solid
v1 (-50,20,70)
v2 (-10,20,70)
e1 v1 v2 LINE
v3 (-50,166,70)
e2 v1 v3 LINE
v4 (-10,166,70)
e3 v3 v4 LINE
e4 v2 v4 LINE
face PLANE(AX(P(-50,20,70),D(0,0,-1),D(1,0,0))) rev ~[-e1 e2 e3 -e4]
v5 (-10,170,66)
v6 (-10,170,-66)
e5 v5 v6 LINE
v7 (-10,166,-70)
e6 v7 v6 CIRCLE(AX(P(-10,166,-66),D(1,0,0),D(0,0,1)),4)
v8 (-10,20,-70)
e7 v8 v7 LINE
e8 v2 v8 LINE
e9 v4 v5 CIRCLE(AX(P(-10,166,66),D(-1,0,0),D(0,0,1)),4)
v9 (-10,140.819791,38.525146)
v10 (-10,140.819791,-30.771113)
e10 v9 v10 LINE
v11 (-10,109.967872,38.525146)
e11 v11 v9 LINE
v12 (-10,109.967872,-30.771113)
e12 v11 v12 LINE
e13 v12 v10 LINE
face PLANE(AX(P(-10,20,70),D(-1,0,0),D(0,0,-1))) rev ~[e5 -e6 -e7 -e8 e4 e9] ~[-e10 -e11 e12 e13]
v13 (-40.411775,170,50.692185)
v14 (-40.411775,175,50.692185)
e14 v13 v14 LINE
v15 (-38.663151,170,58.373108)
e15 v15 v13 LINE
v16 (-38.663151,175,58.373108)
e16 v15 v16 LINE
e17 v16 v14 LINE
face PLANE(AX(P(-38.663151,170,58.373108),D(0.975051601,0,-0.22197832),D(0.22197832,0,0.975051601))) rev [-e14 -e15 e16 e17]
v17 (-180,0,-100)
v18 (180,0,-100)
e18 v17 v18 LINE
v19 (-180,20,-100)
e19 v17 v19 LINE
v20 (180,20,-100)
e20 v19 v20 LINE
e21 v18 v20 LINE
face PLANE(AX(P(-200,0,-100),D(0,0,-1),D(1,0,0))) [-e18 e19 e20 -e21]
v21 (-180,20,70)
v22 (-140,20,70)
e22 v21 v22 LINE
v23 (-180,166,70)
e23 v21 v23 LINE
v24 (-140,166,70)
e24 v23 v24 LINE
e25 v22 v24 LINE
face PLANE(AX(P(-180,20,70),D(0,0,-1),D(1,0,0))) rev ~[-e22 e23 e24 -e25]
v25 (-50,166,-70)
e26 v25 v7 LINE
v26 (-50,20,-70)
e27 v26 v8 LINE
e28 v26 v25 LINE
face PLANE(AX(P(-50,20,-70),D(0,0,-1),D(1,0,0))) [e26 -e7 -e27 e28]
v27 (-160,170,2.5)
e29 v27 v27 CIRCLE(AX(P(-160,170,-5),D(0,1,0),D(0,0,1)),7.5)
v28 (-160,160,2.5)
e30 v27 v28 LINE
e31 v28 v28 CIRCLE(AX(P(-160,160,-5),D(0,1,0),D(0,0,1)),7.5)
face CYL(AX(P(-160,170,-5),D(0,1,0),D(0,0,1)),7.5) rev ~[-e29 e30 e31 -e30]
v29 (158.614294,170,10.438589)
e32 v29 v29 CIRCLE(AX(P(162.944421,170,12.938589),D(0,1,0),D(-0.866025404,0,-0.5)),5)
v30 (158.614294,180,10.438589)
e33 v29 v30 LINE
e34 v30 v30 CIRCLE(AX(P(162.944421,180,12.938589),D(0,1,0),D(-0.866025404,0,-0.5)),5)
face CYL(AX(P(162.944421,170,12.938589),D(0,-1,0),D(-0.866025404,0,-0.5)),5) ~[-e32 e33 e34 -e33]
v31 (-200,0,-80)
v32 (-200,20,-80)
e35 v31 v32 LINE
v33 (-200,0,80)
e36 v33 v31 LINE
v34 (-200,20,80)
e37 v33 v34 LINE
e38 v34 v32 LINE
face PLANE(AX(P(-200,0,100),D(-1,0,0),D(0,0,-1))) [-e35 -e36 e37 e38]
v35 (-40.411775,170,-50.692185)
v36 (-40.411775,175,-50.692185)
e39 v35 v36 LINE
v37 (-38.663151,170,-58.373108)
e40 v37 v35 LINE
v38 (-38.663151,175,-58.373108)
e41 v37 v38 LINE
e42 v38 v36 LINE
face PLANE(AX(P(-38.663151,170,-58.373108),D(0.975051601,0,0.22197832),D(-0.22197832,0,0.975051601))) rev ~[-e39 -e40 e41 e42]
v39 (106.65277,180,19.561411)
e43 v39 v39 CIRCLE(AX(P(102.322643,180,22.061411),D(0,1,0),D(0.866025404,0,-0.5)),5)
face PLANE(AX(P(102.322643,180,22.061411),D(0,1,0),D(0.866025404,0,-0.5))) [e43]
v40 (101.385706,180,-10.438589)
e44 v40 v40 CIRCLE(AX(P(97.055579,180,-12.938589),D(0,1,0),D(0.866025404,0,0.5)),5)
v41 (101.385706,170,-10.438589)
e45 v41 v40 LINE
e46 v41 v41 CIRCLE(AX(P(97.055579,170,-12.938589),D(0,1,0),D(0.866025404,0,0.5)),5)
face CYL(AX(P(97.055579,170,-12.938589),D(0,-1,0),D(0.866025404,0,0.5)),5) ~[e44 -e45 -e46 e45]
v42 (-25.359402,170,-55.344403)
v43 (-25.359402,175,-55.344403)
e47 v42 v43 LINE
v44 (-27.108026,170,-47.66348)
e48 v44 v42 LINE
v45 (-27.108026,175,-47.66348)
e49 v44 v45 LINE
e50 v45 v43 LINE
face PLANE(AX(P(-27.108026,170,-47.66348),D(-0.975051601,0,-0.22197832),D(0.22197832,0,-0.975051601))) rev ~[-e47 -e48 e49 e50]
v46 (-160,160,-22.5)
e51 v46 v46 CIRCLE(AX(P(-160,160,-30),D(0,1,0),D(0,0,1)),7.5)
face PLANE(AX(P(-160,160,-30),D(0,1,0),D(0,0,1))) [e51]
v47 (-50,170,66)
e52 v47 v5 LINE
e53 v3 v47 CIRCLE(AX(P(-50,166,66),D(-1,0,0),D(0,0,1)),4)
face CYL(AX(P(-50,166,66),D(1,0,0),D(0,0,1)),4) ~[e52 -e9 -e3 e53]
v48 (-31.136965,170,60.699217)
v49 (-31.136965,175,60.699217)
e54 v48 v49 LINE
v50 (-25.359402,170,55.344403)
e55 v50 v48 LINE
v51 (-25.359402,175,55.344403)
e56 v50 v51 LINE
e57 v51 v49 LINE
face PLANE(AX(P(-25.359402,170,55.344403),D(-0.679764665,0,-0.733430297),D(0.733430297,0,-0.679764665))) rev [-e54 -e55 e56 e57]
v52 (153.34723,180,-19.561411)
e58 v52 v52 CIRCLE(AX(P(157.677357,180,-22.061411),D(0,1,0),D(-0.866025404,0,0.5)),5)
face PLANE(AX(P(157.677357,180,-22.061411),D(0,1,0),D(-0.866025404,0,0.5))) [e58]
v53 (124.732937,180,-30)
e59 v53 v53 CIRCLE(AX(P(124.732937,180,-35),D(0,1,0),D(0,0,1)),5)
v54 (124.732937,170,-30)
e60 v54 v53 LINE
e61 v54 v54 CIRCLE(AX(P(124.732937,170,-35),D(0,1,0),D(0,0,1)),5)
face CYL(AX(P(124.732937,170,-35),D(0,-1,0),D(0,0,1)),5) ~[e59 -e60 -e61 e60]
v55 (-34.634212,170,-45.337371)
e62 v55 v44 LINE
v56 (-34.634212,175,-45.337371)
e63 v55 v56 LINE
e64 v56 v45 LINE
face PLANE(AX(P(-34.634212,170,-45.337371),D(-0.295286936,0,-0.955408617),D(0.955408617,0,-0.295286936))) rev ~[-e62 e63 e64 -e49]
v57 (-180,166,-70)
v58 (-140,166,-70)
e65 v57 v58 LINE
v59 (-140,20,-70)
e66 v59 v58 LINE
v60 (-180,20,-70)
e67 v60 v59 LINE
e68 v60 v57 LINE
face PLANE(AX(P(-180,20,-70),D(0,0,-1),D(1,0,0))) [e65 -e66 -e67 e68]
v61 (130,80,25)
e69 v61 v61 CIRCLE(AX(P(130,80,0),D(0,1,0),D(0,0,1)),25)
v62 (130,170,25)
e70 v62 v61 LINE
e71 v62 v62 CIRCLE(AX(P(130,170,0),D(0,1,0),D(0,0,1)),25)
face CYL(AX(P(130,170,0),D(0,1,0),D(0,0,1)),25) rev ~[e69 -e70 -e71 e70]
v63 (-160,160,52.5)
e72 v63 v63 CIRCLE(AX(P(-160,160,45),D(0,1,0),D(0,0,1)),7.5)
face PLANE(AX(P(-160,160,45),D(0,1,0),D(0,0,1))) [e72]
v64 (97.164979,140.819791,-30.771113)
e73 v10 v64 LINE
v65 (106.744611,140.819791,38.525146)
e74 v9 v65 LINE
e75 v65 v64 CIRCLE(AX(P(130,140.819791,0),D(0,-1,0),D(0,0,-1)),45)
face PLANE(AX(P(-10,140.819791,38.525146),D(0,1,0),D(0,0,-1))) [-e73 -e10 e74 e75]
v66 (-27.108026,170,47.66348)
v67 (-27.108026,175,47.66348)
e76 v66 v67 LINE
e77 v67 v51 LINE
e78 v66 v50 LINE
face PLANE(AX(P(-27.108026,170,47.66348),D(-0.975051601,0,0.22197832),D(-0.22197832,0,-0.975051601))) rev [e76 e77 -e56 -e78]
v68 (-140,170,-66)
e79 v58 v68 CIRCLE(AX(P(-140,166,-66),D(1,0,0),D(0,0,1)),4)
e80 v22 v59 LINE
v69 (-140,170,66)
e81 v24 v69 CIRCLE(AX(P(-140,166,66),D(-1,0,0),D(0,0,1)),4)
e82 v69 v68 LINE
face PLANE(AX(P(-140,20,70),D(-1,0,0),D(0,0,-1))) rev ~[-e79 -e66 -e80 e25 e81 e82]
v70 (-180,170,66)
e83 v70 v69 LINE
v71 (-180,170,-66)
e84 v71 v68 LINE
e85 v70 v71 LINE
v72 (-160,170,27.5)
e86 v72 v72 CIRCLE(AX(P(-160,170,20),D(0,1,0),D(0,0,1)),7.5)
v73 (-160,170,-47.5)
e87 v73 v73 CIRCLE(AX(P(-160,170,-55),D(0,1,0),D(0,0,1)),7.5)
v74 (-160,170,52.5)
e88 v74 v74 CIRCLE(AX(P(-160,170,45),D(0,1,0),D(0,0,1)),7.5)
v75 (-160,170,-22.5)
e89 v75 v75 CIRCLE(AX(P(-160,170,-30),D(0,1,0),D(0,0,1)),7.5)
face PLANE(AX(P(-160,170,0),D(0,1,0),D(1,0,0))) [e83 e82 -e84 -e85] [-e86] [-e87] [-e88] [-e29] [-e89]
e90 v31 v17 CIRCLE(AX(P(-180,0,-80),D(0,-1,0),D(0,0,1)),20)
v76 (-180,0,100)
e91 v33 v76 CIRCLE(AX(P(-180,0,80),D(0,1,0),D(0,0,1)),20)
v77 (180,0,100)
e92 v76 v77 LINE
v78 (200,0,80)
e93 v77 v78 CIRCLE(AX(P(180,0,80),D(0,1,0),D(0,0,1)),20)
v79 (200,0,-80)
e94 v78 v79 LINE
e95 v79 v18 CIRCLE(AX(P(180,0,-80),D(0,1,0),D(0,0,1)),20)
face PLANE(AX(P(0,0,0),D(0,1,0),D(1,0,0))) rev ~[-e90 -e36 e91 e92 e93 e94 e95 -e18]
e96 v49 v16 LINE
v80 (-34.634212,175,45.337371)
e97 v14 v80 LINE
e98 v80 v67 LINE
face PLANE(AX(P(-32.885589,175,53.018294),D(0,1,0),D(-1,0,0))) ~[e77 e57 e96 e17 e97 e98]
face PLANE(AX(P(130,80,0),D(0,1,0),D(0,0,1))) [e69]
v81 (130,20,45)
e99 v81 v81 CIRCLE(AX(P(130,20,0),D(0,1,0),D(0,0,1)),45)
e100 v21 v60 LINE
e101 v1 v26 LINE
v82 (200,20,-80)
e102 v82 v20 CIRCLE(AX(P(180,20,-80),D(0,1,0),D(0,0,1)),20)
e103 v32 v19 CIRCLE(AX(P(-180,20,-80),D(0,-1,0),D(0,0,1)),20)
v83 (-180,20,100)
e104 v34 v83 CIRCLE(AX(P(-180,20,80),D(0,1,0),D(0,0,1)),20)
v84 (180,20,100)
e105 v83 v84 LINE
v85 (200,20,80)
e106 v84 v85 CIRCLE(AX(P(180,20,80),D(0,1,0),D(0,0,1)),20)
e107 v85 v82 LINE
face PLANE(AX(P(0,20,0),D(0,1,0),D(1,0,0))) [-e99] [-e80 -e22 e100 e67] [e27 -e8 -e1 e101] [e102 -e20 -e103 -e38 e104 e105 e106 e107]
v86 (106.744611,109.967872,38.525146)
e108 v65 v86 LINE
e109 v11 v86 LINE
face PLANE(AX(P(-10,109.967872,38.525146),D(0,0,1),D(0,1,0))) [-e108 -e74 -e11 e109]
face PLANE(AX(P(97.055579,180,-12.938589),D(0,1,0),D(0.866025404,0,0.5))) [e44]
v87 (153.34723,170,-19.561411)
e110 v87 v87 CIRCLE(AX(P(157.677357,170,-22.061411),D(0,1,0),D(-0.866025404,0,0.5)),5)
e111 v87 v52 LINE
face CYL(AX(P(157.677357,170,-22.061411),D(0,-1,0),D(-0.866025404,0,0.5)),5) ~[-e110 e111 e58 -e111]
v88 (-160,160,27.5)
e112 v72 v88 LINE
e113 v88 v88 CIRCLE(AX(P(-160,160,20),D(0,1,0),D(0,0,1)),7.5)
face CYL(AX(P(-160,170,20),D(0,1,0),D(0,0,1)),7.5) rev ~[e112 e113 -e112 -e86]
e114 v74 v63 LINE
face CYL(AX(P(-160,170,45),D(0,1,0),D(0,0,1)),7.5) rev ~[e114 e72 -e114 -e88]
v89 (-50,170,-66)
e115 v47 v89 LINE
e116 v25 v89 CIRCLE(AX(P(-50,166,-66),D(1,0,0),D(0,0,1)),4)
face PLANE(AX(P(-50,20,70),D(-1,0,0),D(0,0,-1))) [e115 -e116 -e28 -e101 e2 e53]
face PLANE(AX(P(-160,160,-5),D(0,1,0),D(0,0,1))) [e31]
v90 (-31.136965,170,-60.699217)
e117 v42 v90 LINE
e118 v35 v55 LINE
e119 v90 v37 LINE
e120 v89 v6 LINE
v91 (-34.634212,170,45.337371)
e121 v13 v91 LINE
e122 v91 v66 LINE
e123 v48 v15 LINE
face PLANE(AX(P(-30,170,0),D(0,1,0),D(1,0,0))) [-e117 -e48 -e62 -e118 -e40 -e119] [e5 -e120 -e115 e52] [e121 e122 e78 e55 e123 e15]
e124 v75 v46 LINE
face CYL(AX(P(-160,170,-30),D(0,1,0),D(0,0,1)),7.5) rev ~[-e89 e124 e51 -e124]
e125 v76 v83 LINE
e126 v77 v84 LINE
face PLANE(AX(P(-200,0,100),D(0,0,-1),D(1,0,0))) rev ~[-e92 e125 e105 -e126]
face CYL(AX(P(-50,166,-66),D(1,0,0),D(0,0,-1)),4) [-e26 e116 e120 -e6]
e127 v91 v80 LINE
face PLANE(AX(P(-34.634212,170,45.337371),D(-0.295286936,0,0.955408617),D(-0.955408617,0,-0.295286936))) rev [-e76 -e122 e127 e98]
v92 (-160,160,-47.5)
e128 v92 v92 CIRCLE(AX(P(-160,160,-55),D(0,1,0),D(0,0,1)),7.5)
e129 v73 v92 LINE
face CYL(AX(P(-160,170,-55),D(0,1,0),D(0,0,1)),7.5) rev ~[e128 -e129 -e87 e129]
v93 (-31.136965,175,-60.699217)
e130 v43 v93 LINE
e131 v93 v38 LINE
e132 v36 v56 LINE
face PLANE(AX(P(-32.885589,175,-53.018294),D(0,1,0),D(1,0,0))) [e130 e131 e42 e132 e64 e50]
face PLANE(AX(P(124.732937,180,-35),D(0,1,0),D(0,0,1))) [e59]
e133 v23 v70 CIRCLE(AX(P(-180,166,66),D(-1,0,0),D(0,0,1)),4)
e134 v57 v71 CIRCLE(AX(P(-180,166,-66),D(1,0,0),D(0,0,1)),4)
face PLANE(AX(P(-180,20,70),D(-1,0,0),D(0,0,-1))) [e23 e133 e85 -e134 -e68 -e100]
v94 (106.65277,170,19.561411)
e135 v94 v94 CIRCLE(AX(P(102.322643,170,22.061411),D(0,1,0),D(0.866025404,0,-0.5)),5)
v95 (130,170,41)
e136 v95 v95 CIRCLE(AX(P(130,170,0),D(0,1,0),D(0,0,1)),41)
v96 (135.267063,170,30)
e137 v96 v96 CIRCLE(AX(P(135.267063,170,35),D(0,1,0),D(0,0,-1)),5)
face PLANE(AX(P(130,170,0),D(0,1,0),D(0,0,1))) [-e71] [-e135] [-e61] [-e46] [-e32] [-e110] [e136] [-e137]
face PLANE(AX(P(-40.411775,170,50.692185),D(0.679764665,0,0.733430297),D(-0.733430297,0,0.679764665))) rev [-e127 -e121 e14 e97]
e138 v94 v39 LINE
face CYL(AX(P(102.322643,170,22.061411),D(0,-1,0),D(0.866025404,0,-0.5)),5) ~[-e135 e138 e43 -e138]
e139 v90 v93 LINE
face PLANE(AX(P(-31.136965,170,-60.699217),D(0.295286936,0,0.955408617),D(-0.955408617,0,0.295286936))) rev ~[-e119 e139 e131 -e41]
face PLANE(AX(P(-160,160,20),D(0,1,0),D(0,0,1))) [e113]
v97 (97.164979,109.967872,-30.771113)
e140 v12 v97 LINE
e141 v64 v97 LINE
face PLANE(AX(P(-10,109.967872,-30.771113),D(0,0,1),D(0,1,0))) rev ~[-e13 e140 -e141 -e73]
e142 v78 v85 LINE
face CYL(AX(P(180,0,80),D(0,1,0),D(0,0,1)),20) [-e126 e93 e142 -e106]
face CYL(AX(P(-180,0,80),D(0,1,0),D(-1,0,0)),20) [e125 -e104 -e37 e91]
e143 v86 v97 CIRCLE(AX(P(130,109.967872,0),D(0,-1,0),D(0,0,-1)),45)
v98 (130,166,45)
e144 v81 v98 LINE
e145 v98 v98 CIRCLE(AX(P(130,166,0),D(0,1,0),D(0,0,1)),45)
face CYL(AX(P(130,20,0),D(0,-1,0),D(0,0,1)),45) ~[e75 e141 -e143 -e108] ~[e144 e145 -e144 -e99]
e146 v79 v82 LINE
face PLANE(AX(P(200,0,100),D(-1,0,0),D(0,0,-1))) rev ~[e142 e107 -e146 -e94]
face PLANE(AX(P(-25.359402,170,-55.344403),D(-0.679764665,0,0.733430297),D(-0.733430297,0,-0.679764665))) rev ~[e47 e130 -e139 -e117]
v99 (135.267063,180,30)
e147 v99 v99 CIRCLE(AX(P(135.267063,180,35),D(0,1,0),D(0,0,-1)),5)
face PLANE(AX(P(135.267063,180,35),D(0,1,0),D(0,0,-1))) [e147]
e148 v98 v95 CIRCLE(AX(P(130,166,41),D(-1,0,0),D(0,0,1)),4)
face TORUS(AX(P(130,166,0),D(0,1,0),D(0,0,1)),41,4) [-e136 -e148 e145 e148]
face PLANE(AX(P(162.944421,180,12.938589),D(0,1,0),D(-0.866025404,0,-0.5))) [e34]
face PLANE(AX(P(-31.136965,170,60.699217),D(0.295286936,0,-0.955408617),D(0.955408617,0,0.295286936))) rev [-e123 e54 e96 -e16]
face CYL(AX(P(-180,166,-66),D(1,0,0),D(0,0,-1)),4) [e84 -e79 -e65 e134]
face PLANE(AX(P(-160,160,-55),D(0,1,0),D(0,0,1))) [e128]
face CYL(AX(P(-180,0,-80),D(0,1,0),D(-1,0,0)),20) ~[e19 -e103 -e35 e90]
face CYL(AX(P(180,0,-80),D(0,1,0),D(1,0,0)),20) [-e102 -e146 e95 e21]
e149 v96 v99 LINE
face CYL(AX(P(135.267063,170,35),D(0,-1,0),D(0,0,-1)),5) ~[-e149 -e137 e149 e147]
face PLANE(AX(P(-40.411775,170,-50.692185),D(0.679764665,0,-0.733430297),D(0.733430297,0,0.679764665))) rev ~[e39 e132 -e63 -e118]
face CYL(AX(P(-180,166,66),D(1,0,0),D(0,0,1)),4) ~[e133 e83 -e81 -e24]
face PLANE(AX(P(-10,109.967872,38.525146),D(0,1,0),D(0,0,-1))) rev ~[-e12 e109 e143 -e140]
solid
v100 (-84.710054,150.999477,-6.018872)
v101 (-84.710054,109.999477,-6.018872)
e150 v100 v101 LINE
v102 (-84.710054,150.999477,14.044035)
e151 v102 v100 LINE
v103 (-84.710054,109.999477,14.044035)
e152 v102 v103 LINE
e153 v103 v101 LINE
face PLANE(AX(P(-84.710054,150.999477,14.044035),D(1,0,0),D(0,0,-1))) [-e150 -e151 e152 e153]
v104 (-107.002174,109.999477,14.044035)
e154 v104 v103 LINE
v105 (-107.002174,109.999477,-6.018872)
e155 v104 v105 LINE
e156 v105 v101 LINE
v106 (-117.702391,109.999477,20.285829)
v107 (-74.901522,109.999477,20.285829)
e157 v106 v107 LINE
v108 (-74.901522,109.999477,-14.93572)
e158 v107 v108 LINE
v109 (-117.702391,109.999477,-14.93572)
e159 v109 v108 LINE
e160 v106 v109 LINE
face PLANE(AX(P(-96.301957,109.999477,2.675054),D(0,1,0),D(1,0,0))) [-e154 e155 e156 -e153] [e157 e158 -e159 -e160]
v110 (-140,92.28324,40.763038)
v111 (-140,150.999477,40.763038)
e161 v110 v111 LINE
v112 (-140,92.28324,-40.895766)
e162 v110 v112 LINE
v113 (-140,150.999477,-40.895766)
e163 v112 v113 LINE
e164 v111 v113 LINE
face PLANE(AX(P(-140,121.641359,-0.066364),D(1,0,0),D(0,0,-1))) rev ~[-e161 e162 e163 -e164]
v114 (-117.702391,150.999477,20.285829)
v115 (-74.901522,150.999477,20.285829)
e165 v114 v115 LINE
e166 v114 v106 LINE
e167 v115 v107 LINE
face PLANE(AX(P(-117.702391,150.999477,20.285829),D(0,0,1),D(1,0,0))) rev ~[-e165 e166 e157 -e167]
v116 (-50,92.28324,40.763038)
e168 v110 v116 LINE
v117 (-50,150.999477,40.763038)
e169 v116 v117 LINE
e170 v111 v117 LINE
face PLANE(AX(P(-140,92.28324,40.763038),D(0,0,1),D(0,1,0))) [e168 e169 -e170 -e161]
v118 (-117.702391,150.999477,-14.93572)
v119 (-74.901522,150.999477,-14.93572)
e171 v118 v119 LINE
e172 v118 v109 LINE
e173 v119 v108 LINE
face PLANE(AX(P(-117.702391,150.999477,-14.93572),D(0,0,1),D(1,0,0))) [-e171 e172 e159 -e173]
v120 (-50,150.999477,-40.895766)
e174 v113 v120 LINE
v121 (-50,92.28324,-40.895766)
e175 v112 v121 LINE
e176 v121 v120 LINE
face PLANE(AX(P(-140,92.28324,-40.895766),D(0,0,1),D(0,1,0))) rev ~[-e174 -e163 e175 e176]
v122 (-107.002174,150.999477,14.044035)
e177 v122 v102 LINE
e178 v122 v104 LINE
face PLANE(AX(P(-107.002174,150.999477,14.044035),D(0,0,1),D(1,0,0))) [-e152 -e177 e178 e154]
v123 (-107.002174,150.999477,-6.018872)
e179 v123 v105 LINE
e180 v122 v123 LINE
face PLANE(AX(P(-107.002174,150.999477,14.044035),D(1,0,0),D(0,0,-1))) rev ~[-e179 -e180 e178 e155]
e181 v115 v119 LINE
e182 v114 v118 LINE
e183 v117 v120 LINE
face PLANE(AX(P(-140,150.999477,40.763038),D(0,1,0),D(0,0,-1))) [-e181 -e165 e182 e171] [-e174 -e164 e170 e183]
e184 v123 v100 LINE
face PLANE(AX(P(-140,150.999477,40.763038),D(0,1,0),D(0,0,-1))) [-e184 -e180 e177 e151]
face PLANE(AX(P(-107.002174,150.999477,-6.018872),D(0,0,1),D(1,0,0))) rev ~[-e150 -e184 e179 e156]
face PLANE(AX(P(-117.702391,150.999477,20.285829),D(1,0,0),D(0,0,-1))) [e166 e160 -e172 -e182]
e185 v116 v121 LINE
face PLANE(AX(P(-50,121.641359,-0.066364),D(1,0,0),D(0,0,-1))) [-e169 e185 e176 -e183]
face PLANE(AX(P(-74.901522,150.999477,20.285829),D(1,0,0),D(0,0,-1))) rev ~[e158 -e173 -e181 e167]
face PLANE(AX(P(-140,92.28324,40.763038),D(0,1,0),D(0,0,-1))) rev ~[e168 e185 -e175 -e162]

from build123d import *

# Parameters (mm, degrees)
ESBO_O2_W                     = 400
ESBO_O2_H                     = 200
RESSALTO_EXTRUS_O1_DEPTH      = 20
FILETE4_R                     = 20
ESBO_O4_R                     = 45
ESBO_O4_W                     = 40
ESBO_O4_H                     = 140
RESSALTO_EXTRUS_O4_DEPTH      = 150
ESBO_O5_W                     = 81.658803593
ESBO_O5_H                     = 58.716236851
RESSALTO_EXTRUS_O5_DEPTH      = 90
RESSALTO_EXTRUS_O6_REACH      = 290.097
RESSALTO_EXTRUS_O6_END_RADIUS = 45
ESBO_O6_W                     = 69.29625837
ESBO_O6_H                     = 30.851919202
ESBO_O8_R                     = 5
RESSALTO_EXTRUS_O8_DEPTH      = 10
PADR_OCIRCULAR2_COUNT         = 6
FILETE6_R                     = 4
RESSALTO_EXTRUS_O9_DEPTH      = 5
ESBO_O12_R                    = 25
CORTE_EXTRUS_O1_DEPTH         = 90
ESBO_O13_W                    = 42.800869612
ESBO_O13_H                    = 35.221548951
ESBO_O13_W_2                  = 22.29211959
ESBO_O13_H_2                  = 20.06290763
CORTE_EXTRUS_O2_DEPTH         = 41
ESBO_O7_R                     = 7.5
CORTE_EXTRUS_O3_DEPTH         = 10
PADR_O_LINEAR1_COUNT          = 5
PADR_O_LINEAR1_PITCH          = 25


with BuildPart() as part:
    # Esboço2 → Ressalto-extrusão1 (new body)
    with BuildSketch(Plane(origin=(0, 0, 0), x_dir=(1, 0, 0), z_dir=(0, 1, 0))):
        Rectangle(ESBO_O2_W, ESBO_O2_H)
    extrude(amount=RESSALTO_EXTRUS_O1_DEPTH)

    # Filete4
    filete4_edges = [part.edges().sort_by_distance(p)[0] for p in [
        (200, 10, 100),
        (200, 10, -100),
        (-200, 10, -100),
        (-200, 10, 100),
    ]]
    fillet(filete4_edges, radius=FILETE4_R)

    # Esboço4 → Ressalto-extrusão4 (add)
    with BuildSketch(Plane(origin=(0, 20, 0), x_dir=(1, 0, 0), z_dir=(0, 1, 0))):
        with Locations(Location((130, 0, 0), (0, 0, 270))):
            Circle(ESBO_O4_R)
        with Locations((-160, 0)):
            Rectangle(ESBO_O4_W, ESBO_O4_H)
        with Locations((-30, 0)):
            Rectangle(ESBO_O4_W, ESBO_O4_H)
    extrude(amount=RESSALTO_EXTRUS_O4_DEPTH)

    # Ressalto-extrusão6: up to this cylinder (the profile starts outside it)
    ressalto_extrus_o6_end = Plane(origin=(130, 125.393831, 0), z_dir=(0, -1, 0)) * Cylinder(RESSALTO_EXTRUS_O6_END_RADIUS, 671.194, mode=Mode.PRIVATE)
    # Esboço6 → Ressalto-extrusão6 (add, up to the surface)
    with BuildSketch(Plane(origin=(-10, 0, 0), x_dir=(0, 0, -1), z_dir=(1, 0, 0)), mode=Mode.PRIVATE) as ressalto_extrus_o6_sk1:
        with Locations((-3.877016652, 125.393831311)):
            Rectangle(ESBO_O6_W, ESBO_O6_H)
    ressalto_extrus_o6_tool1 = extrude(ressalto_extrus_o6_sk1.sketch, amount=RESSALTO_EXTRUS_O6_REACH, mode=Mode.PRIVATE) - ressalto_extrus_o6_end
    add(ressalto_extrus_o6_tool1.solids().sort_by_distance((-10, 125.393831, 3.877017))[0])

    # Esboço8 → Ressalto-extrusão8 (add)
    with BuildSketch(Plane(origin=(0, 170, 0), x_dir=(1, 0, 0), z_dir=(0, 1, 0))):
        with Locations(Location((124.732936709, 35, 0), (0, 0, 270))):
            Circle(ESBO_O8_R)
    ressalto_extrus_o8 = extrude(amount=RESSALTO_EXTRUS_O8_DEPTH)

    # PadrãoCircular2: Ressalto-extrusão8 ×6 about axis
    padr_ocircular2_axis = Axis((130, 0, 0), (0, 1, 0))
    for i in range(1, PADR_OCIRCULAR2_COUNT):
        add(ressalto_extrus_o8.rotate(padr_ocircular2_axis, i * 360 / PADR_OCIRCULAR2_COUNT))

    # Filete6
    filete6_edges = [part.edges().sort_by_distance(p)[0] for p in [
        (-160, 170, 70),
        (-160, 170, -70),
        (-30, 170, 70),
        (-30, 170, -70),
        (130, 170, -45),
    ]]
    fillet(filete6_edges, radius=FILETE6_R)

    # Esboço9 → Ressalto-extrusão9 (add)
    with BuildSketch(Plane(origin=(0, 170, 0), x_dir=(1, 0, 0), z_dir=(0, 1, 0))):
        Polygon((-27.108026111, 47.663480137), (-25.359402405, 55.344402951), (-31.136964834, 60.69921691), (-38.663150969, 58.373108054), (-40.411774675, 50.692185239), (-34.634212246, 45.33737128), align=None)
    ressalto_extrus_o9 = extrude(amount=RESSALTO_EXTRUS_O9_DEPTH)

    # Espelhar1: Ressalto-extrusão9 across plane
    add(ressalto_extrus_o9.mirror(Plane(origin=(0, 0, 0), x_dir=(1, 0, 0), z_dir=(0, 0, -1))))

    # Esboço12 → Corte-extrusão1 (cut)
    with BuildSketch(Plane(origin=(0, 170, 0), x_dir=(1, 0, 0), z_dir=(0, 1, 0))):
        with Locations(Location((130, 0, 0), (0, 0, 270))):
            Circle(ESBO_O12_R)
    extrude(amount=-CORTE_EXTRUS_O1_DEPTH, mode=Mode.SUBTRACT)

    # Esboço7 → Corte-extrusão3 (cut)
    with BuildSketch(Plane(origin=(0, 170, 0), x_dir=(1, 0, 0), z_dir=(0, 1, 0))):
        with Locations(Location((-160, 55, 0), (0, 0, 270))):
            Circle(ESBO_O7_R)
    corte_extrus_o3 = extrude(amount=-CORTE_EXTRUS_O3_DEPTH, mode=Mode.SUBTRACT)

    # Padrão linear1: Corte-extrusão3 ×5
    with Locations(*[(0, 0, i * PADR_O_LINEAR1_PITCH) for i in range(1, PADR_O_LINEAR1_COUNT)]):
        add(corte_extrus_o3, mode=Mode.SUBTRACT)


with BuildPart() as body_2:
    # Esboço5 → Ressalto-extrusão5 (new body)
    with BuildSketch(Plane(origin=(-140, 0, 0), x_dir=(0, 0, -1), z_dir=(1, 0, 0))):
        with Locations((0.066363841, 121.641358838)):
            Rectangle(ESBO_O5_W, ESBO_O5_H)
    extrude(amount=RESSALTO_EXTRUS_O5_DEPTH)

    # Esboço13 → Corte-extrusão2 (cut)
    with BuildSketch(Plane(origin=(0, 150.999477263, 0), x_dir=(1, 0, 0), z_dir=(0, 1, 0))):
        with Locations((-96.301956627, -2.675054351)):
            Rectangle(ESBO_O13_W, ESBO_O13_H)
        with Locations((-95.856114235, -4.012581526)):
            Rectangle(ESBO_O13_W_2, ESBO_O13_H_2, mode=Mode.SUBTRACT)
    extrude(amount=-CORTE_EXTRUS_O2_DEPTH, mode=Mode.SUBTRACT)


solid = Compound([part.part, body_2.part])
